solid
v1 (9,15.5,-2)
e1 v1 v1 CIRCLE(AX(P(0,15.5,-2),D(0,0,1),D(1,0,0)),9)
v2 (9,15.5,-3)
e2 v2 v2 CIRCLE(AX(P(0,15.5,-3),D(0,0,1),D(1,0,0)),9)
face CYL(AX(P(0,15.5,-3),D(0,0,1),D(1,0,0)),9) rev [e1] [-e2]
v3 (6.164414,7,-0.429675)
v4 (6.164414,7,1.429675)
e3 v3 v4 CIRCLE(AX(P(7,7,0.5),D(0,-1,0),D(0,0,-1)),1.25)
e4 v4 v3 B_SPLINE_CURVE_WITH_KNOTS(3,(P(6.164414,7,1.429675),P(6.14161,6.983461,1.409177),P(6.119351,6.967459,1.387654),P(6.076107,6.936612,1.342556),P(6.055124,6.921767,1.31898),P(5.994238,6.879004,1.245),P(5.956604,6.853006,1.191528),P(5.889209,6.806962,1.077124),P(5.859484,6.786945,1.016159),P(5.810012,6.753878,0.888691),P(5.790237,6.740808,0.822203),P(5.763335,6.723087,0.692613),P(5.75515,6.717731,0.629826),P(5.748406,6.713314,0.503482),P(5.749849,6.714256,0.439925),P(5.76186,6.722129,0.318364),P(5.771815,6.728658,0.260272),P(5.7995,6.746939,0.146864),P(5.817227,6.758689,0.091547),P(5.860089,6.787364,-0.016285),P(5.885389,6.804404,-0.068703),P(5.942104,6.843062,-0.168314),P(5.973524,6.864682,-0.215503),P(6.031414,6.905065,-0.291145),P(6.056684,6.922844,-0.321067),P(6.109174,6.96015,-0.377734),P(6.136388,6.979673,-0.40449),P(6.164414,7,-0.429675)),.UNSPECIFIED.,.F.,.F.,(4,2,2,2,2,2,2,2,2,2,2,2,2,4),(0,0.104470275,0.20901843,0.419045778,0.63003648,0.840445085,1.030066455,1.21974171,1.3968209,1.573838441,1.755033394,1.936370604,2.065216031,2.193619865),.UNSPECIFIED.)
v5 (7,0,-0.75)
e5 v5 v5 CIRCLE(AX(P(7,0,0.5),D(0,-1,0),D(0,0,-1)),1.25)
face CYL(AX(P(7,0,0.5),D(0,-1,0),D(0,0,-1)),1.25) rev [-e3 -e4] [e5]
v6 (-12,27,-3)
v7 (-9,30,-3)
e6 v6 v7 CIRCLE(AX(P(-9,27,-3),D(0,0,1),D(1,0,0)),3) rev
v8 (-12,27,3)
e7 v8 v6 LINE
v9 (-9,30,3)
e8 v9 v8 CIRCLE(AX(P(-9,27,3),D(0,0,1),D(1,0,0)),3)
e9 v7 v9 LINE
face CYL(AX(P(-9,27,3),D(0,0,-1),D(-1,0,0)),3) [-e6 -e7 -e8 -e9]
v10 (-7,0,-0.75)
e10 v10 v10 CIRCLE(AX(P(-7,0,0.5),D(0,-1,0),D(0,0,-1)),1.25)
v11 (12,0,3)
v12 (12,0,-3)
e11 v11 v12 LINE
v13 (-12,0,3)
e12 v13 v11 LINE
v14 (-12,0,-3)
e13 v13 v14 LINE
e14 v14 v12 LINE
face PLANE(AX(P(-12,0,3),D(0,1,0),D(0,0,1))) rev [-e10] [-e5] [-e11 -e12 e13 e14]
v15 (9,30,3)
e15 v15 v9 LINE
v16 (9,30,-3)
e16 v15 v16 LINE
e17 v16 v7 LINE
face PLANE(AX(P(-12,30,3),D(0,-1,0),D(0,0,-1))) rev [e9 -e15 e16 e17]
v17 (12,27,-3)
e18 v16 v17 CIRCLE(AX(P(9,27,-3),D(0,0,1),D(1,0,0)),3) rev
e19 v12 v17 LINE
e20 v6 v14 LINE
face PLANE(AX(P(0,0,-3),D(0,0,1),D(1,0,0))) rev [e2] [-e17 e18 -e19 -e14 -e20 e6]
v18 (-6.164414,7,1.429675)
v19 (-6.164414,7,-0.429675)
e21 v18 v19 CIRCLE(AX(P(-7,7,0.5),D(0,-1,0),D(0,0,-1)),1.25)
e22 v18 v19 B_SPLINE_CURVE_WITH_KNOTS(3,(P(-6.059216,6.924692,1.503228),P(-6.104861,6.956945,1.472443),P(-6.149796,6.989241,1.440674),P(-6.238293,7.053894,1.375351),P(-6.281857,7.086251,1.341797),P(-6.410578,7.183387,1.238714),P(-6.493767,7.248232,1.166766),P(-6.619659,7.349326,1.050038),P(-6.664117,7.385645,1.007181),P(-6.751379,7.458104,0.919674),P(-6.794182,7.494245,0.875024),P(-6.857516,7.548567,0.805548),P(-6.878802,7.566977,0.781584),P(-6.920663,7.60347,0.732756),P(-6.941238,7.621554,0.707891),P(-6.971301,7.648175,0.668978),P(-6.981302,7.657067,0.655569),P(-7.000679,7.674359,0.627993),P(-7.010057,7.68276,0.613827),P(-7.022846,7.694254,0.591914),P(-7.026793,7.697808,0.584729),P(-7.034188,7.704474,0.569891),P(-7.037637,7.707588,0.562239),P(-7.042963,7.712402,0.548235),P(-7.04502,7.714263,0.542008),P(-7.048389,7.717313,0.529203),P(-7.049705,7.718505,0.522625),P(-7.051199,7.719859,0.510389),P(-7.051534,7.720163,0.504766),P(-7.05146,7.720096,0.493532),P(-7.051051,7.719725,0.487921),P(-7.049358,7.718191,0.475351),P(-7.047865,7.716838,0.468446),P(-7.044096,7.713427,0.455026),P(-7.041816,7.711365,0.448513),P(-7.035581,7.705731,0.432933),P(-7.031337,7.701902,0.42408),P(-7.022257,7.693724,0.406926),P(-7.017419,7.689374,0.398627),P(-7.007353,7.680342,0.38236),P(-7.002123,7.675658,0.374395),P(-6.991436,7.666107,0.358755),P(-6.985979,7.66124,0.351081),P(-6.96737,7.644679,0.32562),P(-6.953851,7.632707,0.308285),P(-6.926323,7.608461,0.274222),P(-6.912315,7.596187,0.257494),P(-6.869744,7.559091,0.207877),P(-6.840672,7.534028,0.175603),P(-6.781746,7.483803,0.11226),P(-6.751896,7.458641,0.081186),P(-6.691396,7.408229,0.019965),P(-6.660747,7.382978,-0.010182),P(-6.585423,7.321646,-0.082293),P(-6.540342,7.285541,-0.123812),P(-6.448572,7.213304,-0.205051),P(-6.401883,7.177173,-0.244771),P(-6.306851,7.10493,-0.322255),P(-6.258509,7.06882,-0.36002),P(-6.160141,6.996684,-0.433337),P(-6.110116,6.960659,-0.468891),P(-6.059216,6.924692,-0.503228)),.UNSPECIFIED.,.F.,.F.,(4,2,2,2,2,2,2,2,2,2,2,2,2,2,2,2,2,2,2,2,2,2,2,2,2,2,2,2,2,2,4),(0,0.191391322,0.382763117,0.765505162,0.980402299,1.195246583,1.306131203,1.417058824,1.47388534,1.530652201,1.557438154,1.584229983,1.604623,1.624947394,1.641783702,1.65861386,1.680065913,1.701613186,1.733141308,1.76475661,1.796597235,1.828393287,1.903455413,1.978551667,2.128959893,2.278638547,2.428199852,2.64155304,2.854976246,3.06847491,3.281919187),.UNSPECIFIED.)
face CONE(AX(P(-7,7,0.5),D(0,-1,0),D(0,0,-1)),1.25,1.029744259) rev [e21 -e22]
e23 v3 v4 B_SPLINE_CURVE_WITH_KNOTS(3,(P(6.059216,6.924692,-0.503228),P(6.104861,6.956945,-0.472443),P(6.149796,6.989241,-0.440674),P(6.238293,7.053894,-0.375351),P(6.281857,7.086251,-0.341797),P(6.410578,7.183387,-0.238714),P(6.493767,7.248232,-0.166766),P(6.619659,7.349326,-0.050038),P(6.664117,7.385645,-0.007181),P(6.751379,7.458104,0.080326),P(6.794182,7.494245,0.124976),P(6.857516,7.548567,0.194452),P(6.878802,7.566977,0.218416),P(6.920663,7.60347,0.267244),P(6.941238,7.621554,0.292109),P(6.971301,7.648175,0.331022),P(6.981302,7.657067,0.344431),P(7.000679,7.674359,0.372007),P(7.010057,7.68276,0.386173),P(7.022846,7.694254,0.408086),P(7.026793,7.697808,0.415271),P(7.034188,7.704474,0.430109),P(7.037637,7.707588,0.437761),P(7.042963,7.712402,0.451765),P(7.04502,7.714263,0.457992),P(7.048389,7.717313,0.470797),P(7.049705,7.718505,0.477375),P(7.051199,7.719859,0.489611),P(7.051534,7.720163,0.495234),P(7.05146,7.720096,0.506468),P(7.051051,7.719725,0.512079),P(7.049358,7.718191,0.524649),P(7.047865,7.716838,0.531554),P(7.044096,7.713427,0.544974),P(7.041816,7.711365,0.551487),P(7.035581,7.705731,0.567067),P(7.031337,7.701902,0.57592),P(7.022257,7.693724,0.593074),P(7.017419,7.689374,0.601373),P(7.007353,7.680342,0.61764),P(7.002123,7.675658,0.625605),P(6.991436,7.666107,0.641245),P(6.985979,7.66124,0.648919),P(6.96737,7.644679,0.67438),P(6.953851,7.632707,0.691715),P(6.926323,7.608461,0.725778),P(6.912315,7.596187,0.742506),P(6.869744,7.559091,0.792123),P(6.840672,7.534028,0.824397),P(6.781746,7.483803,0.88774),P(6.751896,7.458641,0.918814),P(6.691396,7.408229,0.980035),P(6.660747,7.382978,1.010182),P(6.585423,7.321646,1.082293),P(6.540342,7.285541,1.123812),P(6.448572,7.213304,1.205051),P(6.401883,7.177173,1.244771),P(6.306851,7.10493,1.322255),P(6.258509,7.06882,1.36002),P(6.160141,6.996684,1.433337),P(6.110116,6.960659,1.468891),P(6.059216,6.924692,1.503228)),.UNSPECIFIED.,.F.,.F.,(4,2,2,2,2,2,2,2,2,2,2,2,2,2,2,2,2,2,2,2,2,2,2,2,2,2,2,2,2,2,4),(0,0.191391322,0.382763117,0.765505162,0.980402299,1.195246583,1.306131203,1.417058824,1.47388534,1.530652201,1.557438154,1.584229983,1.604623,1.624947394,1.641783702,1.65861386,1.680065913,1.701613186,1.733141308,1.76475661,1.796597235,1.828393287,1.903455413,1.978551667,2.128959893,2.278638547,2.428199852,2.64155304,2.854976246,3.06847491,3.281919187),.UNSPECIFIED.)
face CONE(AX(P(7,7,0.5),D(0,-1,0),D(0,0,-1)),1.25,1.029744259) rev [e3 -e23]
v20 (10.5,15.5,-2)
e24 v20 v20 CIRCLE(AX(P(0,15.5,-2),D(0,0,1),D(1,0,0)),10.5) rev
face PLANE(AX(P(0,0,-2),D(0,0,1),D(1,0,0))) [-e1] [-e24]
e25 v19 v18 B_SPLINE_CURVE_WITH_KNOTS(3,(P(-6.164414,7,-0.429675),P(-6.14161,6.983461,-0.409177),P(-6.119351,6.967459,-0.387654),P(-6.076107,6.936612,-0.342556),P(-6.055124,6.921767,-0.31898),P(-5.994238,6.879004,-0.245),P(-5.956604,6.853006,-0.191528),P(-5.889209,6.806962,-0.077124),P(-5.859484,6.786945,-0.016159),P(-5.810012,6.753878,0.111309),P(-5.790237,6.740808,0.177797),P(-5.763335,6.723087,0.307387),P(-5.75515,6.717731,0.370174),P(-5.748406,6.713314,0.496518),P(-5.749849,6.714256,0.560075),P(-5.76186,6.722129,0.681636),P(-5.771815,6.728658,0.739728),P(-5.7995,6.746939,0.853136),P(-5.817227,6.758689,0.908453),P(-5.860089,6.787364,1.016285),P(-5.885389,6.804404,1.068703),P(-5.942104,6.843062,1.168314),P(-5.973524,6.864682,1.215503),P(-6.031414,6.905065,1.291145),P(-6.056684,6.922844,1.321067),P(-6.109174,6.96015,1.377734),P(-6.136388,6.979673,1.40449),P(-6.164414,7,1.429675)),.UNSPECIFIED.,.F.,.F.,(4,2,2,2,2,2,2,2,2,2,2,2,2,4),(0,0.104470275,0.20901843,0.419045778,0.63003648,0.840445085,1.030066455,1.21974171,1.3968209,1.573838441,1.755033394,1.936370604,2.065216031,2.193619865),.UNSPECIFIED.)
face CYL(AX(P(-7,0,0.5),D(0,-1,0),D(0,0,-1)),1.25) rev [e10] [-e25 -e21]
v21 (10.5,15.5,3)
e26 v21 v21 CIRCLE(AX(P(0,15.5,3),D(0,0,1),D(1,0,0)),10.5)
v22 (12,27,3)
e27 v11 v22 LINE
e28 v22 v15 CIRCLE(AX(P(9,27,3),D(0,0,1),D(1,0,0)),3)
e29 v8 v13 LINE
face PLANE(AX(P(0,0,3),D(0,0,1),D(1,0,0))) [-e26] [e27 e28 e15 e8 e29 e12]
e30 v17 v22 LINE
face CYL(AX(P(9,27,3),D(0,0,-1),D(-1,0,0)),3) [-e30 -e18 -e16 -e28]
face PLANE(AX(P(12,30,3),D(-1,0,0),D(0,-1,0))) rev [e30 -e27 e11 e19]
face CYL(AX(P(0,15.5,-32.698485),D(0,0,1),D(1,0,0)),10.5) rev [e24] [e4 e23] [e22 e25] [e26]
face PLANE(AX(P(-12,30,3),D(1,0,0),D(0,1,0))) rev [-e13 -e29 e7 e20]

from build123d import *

# Parameters (mm, degrees)
SKIZZE1_W                       = 24
SKIZZE1_H                       = 30
AUFSATZ_LINEAR_AUSTRAGEN1_DEPTH = 3
SKIZZE2_R                       = 10.5
SCHNITT_LINEAR_AUSTRAGEN2_DEPTH = 5
SKIZZE2_3_R                     = 9
SCHNITT_LINEAR_AUSTRAGEN3_DEPTH = 7
VERRUNDUNG1_R                   = 3
M3_GEWINDEBOHRUNG1_D            = 2.5
M3_GEWINDEBOHRUNG1_DEPTH        = 7
M3_GEWINDEBOHRUNG1_TIP          = 0.751075774


with BuildPart() as part:
    # Skizze1 → Aufsatz-Linear austragen1 (new body, symmetric)
    with BuildSketch(Plane.XY):
        with Locations((0, 15)):
            Rectangle(SKIZZE1_W, SKIZZE1_H)
    extrude(amount=AUFSATZ_LINEAR_AUSTRAGEN1_DEPTH, both=True)

    # Skizze2 → Schnitt-Linear austragen2 (cut)
    with BuildSketch(Plane.XY.offset(3)):
        with Locations((0, 15.5)):
            Circle(SKIZZE2_R)
    extrude(amount=-SCHNITT_LINEAR_AUSTRAGEN2_DEPTH, mode=Mode.SUBTRACT)

    # Skizze2<3> → Schnitt-Linear austragen3 (cut, through all)
    with BuildSketch(Plane.XY.offset(3)):
        with Locations((0, 15.5)):
            Circle(SKIZZE2_3_R)
    extrude(amount=-SCHNITT_LINEAR_AUSTRAGEN3_DEPTH, mode=Mode.SUBTRACT)

    # Verrundung1
    verrundung1_edges = [part.edges().sort_by_distance(p)[0] for p in [
        (-12, 30, 0),
        (12, 30, 0),
    ]]
    fillet(verrundung1_edges, radius=VERRUNDUNG1_R)

    # M3 Gewindebohrung1
    with Locations(Plane(origin=(0, 0, 0), x_dir=(-1, 0, 0), z_dir=(0, -1, 0))):
        with Locations((-7, -0.5), (7, -0.5)):
            Hole(M3_GEWINDEBOHRUNG1_D / 2, depth=M3_GEWINDEBOHRUNG1_DEPTH)
            with Locations((0, 0, -(M3_GEWINDEBOHRUNG1_DEPTH + M3_GEWINDEBOHRUNG1_TIP / 2))):  # 118° drill point
                Cone(0, M3_GEWINDEBOHRUNG1_D / 2, M3_GEWINDEBOHRUNG1_TIP, mode=Mode.SUBTRACT)


solid = part.part
